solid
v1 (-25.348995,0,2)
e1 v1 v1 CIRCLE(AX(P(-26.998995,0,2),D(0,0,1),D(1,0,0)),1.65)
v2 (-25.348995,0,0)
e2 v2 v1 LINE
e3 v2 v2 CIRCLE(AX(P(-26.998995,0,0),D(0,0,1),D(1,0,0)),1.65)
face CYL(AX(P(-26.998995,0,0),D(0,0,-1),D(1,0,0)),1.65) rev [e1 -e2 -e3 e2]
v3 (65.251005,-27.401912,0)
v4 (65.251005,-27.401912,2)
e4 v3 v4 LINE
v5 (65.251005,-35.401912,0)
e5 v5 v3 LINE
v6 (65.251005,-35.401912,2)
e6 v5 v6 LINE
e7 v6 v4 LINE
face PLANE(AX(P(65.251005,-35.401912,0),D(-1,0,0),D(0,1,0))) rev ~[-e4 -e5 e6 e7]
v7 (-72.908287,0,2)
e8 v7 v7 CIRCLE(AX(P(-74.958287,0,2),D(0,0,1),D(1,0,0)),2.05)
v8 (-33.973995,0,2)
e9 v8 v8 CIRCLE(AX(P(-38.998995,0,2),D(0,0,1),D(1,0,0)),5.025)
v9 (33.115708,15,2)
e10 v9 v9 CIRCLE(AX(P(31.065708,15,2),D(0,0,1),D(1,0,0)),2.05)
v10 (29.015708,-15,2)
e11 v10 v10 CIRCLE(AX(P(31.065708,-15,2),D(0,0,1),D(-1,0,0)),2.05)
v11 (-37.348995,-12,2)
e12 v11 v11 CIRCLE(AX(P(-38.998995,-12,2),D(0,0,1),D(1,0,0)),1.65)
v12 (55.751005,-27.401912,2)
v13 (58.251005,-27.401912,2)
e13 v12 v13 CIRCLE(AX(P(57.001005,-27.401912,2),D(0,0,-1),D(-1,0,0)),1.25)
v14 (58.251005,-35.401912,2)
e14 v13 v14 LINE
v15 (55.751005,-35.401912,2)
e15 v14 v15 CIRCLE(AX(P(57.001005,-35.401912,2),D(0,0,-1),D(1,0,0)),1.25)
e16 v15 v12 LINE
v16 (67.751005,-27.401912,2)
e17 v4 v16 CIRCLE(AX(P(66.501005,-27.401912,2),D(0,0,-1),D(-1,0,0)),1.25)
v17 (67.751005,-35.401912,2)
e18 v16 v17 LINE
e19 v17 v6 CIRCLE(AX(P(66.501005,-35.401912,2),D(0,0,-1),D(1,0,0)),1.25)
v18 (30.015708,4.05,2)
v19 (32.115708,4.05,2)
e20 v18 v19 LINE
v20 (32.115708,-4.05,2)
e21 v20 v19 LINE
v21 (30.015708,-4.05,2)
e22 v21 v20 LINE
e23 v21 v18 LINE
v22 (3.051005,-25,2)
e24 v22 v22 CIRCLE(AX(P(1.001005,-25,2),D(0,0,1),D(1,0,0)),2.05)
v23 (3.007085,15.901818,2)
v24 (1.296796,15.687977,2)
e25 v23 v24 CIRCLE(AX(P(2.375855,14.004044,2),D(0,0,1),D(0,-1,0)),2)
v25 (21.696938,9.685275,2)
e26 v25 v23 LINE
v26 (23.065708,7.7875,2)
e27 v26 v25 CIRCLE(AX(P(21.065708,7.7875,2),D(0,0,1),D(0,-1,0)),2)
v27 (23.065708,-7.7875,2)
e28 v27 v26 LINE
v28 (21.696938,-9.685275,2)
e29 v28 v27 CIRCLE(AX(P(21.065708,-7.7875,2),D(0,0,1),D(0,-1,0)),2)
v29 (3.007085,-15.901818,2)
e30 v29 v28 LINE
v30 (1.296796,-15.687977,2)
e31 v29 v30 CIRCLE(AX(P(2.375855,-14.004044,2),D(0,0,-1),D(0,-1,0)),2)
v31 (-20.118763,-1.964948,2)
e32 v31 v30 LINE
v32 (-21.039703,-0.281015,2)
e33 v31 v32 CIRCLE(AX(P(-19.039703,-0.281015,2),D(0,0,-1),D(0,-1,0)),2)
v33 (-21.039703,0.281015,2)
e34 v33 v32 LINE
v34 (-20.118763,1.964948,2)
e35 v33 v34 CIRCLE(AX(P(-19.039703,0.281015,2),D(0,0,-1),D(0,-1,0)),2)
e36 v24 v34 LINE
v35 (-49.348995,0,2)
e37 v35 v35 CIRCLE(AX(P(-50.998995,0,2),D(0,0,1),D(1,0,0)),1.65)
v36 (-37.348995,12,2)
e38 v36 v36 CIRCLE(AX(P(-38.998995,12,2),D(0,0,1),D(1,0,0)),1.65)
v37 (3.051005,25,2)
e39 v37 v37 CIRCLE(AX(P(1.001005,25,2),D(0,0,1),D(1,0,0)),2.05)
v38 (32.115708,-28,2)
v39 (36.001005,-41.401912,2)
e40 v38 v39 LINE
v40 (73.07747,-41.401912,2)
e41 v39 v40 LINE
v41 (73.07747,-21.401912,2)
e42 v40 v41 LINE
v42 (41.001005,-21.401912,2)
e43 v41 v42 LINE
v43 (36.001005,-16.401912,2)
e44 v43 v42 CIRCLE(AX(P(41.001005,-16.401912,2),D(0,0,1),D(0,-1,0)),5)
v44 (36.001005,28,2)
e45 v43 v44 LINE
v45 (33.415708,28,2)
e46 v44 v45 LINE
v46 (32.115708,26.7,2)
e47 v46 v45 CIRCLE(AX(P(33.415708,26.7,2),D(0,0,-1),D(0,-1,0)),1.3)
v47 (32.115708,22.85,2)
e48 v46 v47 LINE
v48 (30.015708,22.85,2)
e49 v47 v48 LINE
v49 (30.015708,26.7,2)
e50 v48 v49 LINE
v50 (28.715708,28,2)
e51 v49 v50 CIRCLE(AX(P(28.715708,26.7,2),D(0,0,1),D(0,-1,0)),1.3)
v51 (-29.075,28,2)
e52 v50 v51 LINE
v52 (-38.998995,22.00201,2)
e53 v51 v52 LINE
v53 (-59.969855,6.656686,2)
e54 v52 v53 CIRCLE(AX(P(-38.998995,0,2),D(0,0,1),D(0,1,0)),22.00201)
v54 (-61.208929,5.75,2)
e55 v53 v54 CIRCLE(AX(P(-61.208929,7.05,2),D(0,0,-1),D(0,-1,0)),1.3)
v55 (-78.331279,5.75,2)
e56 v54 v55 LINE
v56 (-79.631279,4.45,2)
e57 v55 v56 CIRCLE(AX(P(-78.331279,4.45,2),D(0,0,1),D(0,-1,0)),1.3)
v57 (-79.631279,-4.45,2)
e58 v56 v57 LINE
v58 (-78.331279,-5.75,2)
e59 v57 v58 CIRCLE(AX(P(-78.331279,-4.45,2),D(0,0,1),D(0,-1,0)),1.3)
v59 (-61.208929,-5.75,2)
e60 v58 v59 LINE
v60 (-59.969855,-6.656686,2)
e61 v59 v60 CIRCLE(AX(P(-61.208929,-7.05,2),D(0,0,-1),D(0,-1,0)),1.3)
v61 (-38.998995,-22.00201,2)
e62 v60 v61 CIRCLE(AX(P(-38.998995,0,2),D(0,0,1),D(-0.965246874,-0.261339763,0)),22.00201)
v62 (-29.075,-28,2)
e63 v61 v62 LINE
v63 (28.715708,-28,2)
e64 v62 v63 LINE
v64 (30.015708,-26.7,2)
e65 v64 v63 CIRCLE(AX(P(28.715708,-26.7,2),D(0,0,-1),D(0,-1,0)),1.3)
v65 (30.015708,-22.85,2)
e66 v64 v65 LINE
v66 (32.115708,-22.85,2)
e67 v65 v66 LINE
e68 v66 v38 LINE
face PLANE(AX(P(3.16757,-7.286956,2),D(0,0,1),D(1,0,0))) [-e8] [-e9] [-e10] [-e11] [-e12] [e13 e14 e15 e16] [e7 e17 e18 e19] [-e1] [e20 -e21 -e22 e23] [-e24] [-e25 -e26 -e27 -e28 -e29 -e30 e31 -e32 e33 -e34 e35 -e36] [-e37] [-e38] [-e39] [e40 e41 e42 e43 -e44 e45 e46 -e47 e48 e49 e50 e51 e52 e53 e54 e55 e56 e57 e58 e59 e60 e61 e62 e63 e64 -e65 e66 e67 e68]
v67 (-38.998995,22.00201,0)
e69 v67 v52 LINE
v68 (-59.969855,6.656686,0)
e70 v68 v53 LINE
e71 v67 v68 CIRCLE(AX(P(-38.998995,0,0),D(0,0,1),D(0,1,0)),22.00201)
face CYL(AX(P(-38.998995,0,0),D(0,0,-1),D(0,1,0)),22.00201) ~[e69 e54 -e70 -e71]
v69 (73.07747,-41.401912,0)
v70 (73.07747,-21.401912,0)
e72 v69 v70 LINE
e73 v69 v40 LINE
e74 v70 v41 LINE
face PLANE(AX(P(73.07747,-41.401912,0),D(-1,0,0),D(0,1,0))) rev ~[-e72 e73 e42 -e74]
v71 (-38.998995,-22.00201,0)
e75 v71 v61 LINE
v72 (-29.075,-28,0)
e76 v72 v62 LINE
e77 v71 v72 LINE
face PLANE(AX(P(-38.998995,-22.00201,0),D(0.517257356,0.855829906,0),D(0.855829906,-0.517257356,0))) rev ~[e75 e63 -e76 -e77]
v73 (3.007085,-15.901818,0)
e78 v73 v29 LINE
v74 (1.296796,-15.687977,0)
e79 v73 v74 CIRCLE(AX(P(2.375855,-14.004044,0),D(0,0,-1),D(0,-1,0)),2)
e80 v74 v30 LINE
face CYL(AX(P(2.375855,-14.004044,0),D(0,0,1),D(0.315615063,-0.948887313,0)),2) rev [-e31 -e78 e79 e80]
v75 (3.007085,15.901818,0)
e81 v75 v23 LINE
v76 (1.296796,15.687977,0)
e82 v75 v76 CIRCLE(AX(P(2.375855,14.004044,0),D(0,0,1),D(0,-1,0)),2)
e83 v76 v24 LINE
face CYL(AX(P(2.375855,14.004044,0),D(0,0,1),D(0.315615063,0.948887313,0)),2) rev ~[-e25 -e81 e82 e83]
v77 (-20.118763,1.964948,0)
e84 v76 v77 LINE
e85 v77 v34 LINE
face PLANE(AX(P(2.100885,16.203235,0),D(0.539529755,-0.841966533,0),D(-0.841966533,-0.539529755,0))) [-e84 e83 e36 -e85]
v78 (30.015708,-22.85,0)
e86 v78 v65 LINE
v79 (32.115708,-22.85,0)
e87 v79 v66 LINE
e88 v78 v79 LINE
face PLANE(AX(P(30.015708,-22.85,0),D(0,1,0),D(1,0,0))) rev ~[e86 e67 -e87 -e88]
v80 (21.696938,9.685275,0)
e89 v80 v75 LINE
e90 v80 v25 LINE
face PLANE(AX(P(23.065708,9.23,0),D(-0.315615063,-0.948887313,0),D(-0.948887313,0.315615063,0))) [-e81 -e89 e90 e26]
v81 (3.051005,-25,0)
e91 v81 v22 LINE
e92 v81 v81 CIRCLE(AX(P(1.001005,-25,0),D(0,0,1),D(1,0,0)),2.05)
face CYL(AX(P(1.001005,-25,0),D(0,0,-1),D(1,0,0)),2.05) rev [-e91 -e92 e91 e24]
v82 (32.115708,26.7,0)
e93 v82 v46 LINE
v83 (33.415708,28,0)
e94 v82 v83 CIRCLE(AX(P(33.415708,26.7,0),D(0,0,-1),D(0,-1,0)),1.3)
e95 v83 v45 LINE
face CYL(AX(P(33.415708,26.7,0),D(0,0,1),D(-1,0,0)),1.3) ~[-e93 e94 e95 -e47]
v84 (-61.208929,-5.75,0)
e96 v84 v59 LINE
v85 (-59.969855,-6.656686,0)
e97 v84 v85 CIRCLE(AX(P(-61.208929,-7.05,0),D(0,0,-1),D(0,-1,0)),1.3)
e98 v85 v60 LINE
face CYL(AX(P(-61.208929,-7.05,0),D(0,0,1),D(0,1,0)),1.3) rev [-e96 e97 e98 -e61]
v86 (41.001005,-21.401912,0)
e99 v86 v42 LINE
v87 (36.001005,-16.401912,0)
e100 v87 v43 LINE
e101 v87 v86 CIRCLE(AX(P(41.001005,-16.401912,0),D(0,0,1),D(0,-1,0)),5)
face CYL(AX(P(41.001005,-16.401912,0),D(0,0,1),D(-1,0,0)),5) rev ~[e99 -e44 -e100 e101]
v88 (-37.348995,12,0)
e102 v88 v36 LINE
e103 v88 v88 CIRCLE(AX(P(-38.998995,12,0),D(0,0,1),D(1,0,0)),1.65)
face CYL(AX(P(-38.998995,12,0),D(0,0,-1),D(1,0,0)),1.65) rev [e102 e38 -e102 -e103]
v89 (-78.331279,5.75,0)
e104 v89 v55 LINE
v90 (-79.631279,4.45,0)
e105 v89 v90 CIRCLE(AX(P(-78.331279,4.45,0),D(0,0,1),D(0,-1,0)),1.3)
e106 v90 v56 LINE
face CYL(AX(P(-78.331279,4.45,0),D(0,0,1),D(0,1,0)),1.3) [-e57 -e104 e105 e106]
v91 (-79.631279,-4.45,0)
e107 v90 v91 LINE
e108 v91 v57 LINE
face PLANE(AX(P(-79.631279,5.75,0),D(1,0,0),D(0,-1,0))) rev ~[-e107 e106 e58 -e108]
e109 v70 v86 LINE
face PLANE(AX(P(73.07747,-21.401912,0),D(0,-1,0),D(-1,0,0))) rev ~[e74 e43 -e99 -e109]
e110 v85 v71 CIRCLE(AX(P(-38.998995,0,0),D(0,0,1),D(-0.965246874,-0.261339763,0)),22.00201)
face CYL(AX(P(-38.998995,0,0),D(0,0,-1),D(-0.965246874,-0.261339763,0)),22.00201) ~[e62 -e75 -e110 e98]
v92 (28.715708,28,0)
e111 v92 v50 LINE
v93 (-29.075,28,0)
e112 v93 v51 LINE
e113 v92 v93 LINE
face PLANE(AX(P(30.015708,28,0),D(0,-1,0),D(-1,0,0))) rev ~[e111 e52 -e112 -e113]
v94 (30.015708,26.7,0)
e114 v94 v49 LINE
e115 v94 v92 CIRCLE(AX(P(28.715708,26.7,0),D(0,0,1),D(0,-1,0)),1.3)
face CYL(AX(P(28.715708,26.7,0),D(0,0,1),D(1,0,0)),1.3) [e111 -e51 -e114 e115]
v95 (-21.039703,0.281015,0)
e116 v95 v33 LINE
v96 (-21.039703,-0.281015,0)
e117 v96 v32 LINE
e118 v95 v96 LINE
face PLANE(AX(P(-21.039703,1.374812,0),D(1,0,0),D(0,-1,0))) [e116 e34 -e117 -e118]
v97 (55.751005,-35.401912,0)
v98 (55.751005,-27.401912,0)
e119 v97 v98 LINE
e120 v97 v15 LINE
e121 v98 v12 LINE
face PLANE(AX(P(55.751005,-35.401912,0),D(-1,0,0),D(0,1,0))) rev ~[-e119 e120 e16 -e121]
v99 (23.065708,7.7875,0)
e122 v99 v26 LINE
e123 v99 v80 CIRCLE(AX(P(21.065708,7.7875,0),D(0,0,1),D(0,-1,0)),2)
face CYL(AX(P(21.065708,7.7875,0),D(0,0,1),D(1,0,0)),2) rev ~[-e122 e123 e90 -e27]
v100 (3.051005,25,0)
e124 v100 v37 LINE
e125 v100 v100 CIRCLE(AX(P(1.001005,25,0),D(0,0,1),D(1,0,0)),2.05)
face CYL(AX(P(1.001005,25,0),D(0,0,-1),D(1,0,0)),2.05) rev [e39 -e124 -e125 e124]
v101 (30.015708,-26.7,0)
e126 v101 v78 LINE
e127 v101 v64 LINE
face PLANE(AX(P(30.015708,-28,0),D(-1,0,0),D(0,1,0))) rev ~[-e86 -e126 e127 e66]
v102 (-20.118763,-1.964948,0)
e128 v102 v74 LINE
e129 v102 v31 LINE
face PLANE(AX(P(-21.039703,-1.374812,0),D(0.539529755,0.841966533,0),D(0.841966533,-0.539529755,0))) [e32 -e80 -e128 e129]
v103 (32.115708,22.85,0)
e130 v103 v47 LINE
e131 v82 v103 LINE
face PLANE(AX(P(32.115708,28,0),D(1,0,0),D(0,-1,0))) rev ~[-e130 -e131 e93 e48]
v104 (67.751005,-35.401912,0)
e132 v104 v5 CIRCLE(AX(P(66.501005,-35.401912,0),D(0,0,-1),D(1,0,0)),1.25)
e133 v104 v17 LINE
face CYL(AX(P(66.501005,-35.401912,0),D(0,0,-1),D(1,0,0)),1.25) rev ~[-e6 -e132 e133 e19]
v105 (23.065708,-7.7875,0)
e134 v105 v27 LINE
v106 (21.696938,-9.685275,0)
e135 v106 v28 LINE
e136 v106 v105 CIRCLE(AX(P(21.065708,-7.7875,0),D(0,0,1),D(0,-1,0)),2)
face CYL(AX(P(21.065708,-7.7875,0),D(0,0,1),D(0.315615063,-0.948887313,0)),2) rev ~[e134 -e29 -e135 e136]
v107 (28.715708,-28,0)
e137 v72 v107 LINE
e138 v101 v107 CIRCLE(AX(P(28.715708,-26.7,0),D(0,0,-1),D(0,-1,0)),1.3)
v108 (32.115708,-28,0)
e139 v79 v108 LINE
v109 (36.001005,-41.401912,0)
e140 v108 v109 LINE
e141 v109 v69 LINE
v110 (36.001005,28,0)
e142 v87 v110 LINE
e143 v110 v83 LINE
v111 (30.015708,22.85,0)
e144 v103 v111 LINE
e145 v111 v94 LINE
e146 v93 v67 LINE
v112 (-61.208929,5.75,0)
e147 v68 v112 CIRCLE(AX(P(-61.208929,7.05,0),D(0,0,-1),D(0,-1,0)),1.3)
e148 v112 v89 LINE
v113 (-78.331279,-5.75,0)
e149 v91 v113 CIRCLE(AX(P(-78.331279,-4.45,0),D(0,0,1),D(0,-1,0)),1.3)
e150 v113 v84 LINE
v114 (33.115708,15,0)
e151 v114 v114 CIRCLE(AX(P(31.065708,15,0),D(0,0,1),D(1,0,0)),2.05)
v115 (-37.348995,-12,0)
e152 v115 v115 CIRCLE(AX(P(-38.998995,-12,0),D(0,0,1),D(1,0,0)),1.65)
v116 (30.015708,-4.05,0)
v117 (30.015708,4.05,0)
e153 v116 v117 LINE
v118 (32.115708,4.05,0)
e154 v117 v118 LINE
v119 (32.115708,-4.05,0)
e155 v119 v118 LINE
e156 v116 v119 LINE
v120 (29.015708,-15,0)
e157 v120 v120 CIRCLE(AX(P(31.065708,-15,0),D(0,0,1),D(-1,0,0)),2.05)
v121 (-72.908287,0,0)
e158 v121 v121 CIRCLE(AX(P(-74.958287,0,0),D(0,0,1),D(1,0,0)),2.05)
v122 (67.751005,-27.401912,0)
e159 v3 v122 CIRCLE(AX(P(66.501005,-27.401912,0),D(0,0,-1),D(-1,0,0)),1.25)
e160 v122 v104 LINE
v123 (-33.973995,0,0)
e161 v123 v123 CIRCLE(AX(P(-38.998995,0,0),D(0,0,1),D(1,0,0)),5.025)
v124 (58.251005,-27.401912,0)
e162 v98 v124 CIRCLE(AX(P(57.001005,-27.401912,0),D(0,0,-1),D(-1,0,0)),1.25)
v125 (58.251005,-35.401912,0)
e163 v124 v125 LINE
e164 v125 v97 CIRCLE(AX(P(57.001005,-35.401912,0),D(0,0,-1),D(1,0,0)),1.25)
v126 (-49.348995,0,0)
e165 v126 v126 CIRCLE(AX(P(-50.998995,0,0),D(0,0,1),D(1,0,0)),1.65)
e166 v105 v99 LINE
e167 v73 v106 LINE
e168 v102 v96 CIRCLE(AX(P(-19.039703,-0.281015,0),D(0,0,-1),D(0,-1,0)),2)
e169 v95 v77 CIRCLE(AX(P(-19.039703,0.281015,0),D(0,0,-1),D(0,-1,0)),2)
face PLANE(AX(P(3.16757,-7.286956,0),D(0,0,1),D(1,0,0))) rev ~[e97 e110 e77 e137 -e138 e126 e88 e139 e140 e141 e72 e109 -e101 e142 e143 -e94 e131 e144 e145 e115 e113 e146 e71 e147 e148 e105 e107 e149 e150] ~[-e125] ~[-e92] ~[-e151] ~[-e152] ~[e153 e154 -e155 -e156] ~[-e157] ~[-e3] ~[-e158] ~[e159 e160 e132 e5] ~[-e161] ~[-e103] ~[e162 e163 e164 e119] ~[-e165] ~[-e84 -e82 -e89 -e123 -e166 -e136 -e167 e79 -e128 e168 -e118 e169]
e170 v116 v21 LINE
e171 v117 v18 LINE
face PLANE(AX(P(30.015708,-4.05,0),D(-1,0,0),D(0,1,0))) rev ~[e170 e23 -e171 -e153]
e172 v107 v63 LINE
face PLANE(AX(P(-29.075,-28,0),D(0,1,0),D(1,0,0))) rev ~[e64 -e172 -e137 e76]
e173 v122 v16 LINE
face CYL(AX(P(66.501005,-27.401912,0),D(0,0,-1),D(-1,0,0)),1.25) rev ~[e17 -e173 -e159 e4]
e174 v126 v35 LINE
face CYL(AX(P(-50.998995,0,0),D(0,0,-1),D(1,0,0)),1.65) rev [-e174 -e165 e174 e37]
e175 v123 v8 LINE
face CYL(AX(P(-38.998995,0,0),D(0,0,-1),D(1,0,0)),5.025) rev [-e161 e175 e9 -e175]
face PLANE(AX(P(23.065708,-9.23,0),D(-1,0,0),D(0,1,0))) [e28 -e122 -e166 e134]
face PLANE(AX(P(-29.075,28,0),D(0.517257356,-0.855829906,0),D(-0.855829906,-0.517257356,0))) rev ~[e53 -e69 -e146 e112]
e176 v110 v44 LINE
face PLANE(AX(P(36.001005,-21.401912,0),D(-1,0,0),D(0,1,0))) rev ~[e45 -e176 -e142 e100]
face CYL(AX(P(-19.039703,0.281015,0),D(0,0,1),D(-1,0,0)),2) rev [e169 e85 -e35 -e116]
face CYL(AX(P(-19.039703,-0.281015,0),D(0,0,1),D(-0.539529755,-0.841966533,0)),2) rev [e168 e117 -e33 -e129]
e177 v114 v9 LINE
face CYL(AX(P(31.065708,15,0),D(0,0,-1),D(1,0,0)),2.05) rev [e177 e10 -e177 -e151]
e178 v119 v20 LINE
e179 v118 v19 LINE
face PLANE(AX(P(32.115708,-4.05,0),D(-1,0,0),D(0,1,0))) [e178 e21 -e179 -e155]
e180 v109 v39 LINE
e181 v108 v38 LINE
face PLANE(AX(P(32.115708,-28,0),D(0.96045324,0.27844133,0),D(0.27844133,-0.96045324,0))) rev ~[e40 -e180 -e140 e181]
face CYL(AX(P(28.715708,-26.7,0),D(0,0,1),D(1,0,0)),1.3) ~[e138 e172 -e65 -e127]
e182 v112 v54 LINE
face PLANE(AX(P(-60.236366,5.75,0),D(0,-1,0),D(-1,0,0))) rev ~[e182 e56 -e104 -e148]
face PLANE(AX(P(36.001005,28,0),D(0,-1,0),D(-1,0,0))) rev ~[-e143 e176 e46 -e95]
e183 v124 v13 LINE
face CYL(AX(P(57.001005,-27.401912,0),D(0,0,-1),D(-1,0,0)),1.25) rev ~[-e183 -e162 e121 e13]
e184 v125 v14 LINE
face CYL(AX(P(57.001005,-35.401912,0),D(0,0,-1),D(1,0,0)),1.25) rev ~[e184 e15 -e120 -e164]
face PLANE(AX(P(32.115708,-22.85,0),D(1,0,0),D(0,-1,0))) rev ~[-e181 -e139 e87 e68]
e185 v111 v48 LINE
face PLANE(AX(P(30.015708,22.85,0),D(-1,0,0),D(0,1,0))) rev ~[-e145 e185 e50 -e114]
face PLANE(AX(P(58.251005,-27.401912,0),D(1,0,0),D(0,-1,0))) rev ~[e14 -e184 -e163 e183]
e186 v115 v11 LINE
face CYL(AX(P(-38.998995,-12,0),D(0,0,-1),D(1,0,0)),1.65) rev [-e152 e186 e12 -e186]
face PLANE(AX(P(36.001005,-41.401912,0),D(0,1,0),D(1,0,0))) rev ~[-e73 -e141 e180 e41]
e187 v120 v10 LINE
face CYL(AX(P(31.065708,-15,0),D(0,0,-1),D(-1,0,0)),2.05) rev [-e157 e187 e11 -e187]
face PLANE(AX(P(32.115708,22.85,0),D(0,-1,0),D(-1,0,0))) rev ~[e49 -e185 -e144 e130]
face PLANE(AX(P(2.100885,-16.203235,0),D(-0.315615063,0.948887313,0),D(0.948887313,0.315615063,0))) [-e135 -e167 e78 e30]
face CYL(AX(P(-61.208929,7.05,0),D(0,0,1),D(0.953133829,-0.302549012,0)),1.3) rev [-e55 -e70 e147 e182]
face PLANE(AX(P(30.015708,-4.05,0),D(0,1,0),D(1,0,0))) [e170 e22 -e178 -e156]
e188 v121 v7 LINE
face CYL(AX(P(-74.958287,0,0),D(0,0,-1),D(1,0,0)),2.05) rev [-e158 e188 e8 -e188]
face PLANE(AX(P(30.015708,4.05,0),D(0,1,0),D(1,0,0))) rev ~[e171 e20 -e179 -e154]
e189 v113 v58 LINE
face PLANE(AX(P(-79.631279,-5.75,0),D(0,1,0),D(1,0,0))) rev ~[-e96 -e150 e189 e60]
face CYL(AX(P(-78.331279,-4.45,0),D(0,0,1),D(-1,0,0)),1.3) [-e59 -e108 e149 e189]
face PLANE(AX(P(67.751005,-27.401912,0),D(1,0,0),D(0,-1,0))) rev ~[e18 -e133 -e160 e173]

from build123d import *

# Parameters (mm, degrees)
SKETCH_1_R      = 2.05
SKETCH_1_R_2    = 5.025
SKETCH_1_R_3    = 1.65
SKETCH_1_W      = 2.1
SKETCH_1_H      = 8.1
EXTRUDE_1_DEPTH = 2
FILLET_1_R      = 1.3
FILLET_2_R      = 2
FILLET_3_R      = 5


with BuildPart() as part:
    # 草图1 → 凸台-拉伸1 (new body)
    with BuildSketch(Plane.XY):
        with BuildLine():
            Line((32.115707856, 28), (32.115707856, 22.85))
            Line((32.115707856, 22.85), (30.015707856, 22.85))
            Line((30.015707856, 22.85), (30.015707856, 28))
            Line((30.015707856, 28), (-29.075, 28))
            Line((-29.075, 28), (-38.998995168, 22.002009663))
            ThreePointArc((-38.998995168, 22.002009663), (-52.370174504, 17.472835843), (-60.236366221, 5.75))
            Line((-60.236366221, 5.75), (-79.631279411, 5.75))
            Line((-79.631279411, 5.75), (-79.631279411, -5.75))
            Line((-79.631279411, -5.75), (-60.236366221, -5.75))
            ThreePointArc((-60.236366221, -5.75), (-52.370174504, -17.472835843), (-38.998995168, -22.002009663))
            Line((-38.998995168, -22.002009663), (-29.075, -28))
            Line((-29.075, -28), (30.015707856, -28))
            Line((30.015707856, -28), (30.015707856, -22.85))
            Line((30.015707856, -22.85), (32.115707856, -22.85))
            Line((32.115707856, -22.85), (32.115707856, -28))
            Line((32.115707856, -28), (36.001004832, -41.401911511))
            Line((36.001004832, -41.401911511), (73.077470353, -41.401911511))
            Line((73.077470353, -41.401911511), (73.077470353, -21.401911511))
            Line((73.077470353, -21.401911511), (36.001004832, -21.401911511))
            Line((36.001004832, -21.401911511), (36.001004832, 28))
            Line((36.001004832, 28), (32.115707856, 28))
        make_face()
        with Locations((31.065707856, 15)):
            Circle(SKETCH_1_R, mode=Mode.SUBTRACT)
        with Locations(Location((31.065707856, -15, 0), (0, 0, 180))):
            Circle(SKETCH_1_R, mode=Mode.SUBTRACT)
        with Locations((-38.998995168, 0)):
            Circle(SKETCH_1_R_2, mode=Mode.SUBTRACT)
        with Locations((1.001004832, -25)):
            Circle(SKETCH_1_R, mode=Mode.SUBTRACT)
        with Locations((1.001004832, 25)):
            Circle(SKETCH_1_R, mode=Mode.SUBTRACT)
        with Locations((-74.958287312, 0)):
            Circle(SKETCH_1_R, mode=Mode.SUBTRACT)
        with Locations((-50.998995168, 0)):
            Circle(SKETCH_1_R_3, mode=Mode.SUBTRACT)
        with Locations((-38.998995168, 12)):
            Circle(SKETCH_1_R_3, mode=Mode.SUBTRACT)
        with Locations((-26.998995168, 0)):
            Circle(SKETCH_1_R_3, mode=Mode.SUBTRACT)
        with Locations((-38.998995168, -12)):
            Circle(SKETCH_1_R_3, mode=Mode.SUBTRACT)
        with Locations((31.065707856, 0)):
            Rectangle(SKETCH_1_W, SKETCH_1_H, mode=Mode.SUBTRACT)
        Polygon((2.100885183, -16.20323489), (23.065707856, -9.230000311), (23.065707856, 9.230000311), (2.100885183, 16.20323489), (-21.039703025, 1.3748119), (-21.039703025, -1.3748119), align=None, mode=Mode.SUBTRACT)
        with BuildLine():
            Line((55.751004832, -35.401911511), (55.751004832, -27.401911511))
            ThreePointArc((55.751004832, -27.401911511), (57.001004832, -26.151911511), (58.251004832, -27.401911511))
            Line((58.251004832, -27.401911511), (58.251004832, -35.401911511))
            ThreePointArc((58.251004832, -35.401911511), (57.001004832, -36.651911511), (55.751004832, -35.401911511))
        make_face(mode=Mode.SUBTRACT)
        with BuildLine():
            Line((67.751004832, -27.401911511), (67.751004832, -35.401911511))
            ThreePointArc((67.751004832, -35.401911511), (66.501004832, -36.651911511), (65.251004832, -35.401911511))
            Line((65.251004832, -35.401911511), (65.251004832, -27.401911511))
            ThreePointArc((65.251004832, -27.401911511), (66.501004832, -26.151911511), (67.751004832, -27.401911511))
        make_face(mode=Mode.SUBTRACT)
    extrude(amount=EXTRUDE_1_DEPTH)

    # 圆角1
    fillet_1_edges = [part.edges().sort_by_distance(p)[0] for p in [
        (-60.236366221, -5.75, 1),
        (-79.631279411, -5.75, 1),
        (-79.631279411, 5.75, 1),
        (-60.236366221, 5.75, 1),
        (30.015707856, 28, 1),
        (32.115707856, 28, 1),
        (30.015707856, -28, 1),
    ]]
    fillet(fillet_1_edges, radius=FILLET_1_R)

    # 圆角2
    fillet_2_edges = [part.edges().sort_by_distance(p)[0] for p in [
        (2.100885183, -16.20323489, 1),
        (23.065707856, -9.230000311, 1),
        (23.065707856, 9.230000311, 1),
        (2.100885183, 16.20323489, 1),
        (-21.039703025, 1.3748119, 1),
        (-21.039703025, -1.3748119, 1),
    ]]
    fillet(fillet_2_edges, radius=FILLET_2_R)

    # 圆角3
    fillet_3_edges = [part.edges().sort_by_distance(p)[0] for p in [
        (36.001004832, -21.401911511, 1),
    ]]
    fillet(fillet_3_edges, radius=FILLET_3_R)


solid = part.part
